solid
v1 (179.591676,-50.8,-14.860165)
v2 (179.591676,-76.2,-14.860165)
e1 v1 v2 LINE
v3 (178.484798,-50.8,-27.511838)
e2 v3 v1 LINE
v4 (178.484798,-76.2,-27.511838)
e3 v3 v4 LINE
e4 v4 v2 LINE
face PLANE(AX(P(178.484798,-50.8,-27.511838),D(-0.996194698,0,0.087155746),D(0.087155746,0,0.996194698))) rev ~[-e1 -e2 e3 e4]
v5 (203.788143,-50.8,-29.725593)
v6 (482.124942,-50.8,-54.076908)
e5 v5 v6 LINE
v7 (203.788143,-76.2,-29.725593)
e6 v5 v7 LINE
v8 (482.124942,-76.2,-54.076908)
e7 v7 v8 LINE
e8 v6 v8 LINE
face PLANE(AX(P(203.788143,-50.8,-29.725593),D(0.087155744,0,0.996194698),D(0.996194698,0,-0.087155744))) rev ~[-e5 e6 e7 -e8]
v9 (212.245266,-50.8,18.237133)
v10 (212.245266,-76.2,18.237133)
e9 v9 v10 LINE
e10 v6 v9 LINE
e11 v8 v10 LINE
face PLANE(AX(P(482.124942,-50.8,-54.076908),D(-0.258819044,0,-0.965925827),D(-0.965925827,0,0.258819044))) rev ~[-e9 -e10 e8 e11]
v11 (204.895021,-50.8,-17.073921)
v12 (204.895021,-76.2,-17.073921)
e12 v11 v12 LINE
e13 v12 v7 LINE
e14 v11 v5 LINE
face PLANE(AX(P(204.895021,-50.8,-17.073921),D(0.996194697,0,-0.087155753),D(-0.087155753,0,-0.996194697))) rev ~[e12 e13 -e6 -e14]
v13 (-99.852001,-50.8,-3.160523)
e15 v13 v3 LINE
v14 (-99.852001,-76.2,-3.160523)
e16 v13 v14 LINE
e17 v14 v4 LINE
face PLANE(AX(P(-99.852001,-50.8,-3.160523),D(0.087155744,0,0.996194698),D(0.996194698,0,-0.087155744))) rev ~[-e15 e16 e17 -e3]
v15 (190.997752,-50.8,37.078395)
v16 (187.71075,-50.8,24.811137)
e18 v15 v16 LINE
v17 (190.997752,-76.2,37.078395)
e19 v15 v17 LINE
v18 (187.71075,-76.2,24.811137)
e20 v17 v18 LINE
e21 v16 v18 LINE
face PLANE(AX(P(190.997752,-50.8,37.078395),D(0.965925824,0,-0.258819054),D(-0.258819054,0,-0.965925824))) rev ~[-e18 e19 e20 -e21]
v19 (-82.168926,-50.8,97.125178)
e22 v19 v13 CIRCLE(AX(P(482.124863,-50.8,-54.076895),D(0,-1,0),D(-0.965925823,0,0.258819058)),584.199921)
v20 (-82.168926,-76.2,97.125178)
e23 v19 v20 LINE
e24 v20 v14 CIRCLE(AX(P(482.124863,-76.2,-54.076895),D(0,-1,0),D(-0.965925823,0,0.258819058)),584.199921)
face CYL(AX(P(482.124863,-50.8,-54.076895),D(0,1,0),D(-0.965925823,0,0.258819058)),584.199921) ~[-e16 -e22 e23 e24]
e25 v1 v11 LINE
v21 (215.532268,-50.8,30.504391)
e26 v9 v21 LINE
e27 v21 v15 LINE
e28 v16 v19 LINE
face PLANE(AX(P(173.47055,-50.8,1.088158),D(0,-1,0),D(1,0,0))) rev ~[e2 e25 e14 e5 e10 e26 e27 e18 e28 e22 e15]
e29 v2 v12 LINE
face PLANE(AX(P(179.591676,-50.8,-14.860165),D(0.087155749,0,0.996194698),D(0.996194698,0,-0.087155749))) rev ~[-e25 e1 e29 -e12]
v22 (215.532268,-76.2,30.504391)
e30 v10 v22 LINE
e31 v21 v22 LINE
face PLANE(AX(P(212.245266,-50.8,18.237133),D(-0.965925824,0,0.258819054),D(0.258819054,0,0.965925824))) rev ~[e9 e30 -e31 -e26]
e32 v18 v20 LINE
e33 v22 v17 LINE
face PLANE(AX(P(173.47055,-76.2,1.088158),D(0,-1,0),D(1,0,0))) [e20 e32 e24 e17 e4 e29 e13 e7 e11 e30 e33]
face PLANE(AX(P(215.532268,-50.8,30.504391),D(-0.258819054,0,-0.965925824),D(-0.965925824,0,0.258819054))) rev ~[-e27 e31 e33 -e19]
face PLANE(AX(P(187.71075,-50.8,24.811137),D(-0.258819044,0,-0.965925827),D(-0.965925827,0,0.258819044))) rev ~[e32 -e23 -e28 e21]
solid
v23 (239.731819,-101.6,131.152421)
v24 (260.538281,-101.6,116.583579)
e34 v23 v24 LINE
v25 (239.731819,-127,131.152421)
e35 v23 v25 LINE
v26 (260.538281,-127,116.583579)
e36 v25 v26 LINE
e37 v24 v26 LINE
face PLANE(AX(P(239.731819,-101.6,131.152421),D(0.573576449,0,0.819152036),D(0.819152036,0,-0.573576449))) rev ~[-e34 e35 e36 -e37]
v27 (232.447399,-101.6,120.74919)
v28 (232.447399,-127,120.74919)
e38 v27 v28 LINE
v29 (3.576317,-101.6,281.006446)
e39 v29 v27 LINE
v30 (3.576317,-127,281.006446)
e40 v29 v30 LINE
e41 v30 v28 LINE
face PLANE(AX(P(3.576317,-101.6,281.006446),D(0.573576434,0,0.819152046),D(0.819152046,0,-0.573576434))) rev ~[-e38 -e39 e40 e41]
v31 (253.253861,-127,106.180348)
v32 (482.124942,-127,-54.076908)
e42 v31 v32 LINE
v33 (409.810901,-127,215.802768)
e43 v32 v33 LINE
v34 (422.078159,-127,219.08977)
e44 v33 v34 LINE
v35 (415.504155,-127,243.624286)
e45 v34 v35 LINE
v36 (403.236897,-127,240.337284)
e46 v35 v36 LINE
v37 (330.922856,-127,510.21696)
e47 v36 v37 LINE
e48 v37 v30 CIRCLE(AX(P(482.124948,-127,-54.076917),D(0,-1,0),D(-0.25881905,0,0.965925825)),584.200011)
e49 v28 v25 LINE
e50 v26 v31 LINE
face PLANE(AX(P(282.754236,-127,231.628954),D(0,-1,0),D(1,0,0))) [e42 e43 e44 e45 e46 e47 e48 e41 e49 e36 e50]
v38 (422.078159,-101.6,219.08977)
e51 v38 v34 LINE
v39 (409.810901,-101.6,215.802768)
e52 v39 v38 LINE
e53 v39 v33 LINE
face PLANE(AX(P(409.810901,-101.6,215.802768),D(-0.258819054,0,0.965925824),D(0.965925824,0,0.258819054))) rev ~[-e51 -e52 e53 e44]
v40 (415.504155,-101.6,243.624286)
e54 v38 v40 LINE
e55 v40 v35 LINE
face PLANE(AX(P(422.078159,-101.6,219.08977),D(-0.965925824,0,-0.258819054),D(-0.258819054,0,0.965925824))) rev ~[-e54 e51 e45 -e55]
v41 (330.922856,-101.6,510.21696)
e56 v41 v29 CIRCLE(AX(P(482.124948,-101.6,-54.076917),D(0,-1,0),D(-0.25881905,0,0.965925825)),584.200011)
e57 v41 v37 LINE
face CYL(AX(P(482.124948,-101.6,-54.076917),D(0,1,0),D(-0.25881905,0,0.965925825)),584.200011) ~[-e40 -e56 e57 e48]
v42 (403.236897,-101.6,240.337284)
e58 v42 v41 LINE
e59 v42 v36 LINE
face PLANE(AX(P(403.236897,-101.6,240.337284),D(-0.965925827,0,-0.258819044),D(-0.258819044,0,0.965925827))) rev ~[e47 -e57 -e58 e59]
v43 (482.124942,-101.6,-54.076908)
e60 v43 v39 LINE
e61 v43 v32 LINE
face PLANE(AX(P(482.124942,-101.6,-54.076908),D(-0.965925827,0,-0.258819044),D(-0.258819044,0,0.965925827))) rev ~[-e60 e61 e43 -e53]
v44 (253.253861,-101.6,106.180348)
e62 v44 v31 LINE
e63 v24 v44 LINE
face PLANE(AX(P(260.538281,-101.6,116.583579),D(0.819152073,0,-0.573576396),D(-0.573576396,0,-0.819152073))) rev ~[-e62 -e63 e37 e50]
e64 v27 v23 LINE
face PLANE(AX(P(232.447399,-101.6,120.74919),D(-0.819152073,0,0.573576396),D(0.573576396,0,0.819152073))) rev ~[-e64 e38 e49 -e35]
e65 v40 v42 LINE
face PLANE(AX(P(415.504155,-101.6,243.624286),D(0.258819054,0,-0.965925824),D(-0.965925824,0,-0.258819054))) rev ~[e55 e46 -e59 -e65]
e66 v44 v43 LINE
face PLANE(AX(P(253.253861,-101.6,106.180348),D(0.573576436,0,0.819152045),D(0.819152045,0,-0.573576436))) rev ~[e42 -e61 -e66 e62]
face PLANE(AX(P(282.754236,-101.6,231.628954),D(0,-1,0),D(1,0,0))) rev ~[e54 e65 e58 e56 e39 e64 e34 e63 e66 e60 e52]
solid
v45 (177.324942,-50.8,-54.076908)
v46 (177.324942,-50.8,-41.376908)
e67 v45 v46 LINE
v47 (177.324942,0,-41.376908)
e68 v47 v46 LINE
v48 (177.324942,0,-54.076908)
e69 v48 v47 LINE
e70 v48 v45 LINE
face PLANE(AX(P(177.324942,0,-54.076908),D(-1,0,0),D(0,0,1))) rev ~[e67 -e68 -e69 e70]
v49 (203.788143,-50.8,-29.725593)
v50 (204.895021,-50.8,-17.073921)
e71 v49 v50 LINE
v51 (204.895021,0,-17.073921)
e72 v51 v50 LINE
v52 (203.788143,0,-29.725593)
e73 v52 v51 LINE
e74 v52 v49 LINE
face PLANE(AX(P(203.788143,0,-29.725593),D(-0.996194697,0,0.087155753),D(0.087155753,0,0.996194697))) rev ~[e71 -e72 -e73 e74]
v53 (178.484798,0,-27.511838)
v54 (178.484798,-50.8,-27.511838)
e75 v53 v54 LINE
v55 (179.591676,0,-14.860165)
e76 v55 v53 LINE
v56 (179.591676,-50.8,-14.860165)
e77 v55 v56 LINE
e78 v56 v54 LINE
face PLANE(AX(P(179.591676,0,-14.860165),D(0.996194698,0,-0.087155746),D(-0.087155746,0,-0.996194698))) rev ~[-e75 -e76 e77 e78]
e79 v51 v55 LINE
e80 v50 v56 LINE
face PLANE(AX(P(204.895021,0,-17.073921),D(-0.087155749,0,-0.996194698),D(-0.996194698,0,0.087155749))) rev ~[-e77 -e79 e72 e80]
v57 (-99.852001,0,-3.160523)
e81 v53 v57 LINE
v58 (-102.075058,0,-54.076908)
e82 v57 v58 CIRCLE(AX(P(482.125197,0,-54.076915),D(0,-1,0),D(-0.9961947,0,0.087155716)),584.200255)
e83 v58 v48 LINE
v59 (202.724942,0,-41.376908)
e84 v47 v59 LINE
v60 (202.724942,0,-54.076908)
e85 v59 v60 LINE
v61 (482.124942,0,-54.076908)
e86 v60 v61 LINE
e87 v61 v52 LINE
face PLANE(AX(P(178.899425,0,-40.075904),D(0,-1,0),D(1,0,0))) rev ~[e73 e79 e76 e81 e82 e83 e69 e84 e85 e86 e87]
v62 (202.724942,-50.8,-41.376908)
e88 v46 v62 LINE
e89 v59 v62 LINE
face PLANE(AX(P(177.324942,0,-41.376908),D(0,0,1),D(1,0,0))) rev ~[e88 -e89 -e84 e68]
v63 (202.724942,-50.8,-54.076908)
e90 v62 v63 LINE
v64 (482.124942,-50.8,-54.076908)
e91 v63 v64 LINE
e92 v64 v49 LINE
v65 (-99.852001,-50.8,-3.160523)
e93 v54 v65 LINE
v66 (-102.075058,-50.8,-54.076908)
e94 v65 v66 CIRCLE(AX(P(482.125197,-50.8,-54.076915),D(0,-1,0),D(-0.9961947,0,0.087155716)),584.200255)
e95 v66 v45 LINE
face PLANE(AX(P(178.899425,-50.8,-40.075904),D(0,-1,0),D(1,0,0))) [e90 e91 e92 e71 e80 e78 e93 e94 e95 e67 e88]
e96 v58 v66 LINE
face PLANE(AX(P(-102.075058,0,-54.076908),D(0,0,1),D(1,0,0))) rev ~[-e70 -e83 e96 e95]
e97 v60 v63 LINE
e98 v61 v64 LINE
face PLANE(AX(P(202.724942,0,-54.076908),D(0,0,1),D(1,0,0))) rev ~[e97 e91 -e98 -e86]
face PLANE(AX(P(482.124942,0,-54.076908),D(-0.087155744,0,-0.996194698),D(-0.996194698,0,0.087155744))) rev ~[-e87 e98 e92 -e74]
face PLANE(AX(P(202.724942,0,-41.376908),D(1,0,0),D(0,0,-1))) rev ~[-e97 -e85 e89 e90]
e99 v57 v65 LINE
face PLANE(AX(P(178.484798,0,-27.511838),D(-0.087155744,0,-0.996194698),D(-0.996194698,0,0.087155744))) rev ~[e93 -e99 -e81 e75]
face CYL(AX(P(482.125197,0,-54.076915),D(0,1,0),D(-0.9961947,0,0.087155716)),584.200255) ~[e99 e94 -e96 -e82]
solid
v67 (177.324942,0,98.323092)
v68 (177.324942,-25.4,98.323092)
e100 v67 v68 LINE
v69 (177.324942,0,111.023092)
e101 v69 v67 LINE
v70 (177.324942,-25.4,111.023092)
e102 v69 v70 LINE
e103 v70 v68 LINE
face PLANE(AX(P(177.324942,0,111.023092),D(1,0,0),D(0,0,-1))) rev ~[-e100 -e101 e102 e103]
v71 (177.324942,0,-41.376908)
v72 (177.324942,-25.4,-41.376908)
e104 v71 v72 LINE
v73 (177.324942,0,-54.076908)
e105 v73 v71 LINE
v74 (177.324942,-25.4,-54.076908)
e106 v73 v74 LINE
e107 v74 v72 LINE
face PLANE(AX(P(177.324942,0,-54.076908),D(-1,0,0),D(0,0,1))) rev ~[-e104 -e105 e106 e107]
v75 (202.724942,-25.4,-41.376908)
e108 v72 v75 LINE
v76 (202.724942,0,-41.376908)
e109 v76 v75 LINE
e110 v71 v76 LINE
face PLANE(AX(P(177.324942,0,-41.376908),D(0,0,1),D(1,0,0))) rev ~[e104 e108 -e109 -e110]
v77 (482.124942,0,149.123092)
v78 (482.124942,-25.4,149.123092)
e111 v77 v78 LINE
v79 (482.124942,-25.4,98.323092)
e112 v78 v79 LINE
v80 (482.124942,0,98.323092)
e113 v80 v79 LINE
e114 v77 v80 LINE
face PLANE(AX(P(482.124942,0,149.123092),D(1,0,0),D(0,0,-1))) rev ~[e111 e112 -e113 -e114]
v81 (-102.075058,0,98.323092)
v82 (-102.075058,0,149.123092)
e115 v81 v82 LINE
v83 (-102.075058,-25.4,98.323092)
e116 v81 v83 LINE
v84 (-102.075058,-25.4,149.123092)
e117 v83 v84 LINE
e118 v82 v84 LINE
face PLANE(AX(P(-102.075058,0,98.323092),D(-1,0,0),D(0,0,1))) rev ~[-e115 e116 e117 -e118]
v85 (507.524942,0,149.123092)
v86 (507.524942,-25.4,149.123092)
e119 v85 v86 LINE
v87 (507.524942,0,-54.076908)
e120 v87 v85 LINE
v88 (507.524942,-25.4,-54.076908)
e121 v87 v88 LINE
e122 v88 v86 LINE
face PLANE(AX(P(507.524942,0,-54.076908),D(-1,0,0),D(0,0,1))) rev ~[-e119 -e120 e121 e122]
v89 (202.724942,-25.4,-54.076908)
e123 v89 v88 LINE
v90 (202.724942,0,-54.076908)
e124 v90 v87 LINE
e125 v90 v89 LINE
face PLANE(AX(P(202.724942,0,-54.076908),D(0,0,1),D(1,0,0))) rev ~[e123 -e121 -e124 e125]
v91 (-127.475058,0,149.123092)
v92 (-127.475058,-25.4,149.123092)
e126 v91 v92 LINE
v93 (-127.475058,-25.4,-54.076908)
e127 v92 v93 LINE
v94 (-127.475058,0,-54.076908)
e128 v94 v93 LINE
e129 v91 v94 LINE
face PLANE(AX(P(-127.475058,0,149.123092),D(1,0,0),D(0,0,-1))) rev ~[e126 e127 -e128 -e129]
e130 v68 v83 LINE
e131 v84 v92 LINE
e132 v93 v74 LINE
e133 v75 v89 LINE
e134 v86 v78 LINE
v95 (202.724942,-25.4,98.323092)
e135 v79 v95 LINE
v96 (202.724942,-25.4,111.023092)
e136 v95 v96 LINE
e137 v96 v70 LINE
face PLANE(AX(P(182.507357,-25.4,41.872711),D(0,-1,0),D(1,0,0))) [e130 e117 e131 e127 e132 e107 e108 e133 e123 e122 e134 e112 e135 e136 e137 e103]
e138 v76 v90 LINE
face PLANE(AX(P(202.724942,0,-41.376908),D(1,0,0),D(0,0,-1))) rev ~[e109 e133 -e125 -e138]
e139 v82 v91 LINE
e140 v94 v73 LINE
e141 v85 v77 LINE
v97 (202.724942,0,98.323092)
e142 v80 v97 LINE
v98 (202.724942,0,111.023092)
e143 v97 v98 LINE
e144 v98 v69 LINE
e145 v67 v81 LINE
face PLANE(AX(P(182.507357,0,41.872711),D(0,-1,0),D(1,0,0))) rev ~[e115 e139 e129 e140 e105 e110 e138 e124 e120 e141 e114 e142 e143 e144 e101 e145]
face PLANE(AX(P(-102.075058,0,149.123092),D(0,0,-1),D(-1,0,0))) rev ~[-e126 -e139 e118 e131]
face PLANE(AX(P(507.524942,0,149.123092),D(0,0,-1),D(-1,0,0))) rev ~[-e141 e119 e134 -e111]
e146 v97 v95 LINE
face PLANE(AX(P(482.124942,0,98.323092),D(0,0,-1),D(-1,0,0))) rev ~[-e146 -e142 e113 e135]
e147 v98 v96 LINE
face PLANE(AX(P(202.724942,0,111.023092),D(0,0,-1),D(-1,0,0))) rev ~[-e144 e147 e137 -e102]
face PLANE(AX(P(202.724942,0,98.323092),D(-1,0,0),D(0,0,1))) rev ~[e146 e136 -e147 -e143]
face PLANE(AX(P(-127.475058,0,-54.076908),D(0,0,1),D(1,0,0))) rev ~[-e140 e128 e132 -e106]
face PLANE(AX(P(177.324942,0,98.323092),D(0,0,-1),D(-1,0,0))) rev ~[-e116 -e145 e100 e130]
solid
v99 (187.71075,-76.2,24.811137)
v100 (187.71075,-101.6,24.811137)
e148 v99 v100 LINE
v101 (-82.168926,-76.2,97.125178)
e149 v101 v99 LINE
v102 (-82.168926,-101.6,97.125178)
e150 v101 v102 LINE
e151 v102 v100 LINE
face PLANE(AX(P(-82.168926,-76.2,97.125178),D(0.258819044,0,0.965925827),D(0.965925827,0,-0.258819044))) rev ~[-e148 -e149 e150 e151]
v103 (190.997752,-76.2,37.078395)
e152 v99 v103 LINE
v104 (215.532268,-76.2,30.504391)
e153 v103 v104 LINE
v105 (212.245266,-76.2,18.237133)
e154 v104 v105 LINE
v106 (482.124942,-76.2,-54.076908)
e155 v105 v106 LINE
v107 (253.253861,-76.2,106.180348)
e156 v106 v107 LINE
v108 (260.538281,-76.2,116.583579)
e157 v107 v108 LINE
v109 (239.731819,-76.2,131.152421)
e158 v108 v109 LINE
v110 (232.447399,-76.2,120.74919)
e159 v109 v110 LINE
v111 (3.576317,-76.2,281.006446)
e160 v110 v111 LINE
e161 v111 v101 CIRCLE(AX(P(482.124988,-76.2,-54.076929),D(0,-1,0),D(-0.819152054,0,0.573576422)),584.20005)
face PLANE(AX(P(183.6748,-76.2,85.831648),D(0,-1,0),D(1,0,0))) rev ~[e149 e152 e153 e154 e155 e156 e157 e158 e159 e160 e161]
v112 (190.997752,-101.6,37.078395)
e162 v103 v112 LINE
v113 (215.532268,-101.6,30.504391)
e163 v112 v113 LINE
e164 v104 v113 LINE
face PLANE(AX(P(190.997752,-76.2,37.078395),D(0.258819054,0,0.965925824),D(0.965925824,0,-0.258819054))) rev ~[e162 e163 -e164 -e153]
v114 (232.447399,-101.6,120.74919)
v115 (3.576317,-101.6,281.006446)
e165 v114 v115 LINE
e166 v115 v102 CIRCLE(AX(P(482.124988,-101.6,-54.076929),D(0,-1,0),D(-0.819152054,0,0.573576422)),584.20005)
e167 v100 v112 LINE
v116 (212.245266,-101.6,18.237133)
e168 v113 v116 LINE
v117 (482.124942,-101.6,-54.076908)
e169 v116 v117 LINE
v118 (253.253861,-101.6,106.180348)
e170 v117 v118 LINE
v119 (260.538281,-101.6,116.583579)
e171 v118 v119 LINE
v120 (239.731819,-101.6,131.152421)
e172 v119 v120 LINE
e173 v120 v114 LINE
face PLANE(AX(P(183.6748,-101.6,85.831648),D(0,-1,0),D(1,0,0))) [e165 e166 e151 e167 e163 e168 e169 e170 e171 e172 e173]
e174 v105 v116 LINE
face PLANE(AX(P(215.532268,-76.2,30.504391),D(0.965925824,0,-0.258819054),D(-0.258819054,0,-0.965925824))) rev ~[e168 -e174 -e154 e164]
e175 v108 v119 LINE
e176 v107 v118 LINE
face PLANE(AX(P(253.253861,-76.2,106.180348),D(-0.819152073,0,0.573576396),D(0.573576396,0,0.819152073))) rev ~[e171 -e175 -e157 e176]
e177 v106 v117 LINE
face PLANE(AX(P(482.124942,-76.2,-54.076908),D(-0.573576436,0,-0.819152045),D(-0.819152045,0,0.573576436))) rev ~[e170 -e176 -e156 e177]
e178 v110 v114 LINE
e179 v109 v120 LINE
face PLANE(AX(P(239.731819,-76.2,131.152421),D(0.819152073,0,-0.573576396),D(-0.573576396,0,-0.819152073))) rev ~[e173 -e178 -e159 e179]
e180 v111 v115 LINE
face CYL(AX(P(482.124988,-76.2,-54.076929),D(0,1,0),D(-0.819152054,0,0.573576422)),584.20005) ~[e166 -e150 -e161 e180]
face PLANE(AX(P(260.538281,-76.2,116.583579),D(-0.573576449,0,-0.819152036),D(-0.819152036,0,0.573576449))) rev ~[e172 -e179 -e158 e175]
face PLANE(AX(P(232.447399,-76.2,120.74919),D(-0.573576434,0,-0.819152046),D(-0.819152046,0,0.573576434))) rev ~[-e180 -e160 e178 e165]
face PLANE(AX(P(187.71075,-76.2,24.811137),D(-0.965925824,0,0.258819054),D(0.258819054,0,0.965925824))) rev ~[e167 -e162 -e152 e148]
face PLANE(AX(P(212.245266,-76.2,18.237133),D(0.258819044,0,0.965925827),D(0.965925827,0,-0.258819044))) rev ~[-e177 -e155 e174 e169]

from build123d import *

# Parameters (mm, degrees)
F1_DEPTH = 25.4
F2_DEPTH = 50.8
F4_DEPTH = 25.4
F6_DEPTH = 25.4
F8_DEPTH = 25.4


with BuildPart() as f1:
    # F0 (on Front) → F1 (new body)
    with BuildSketch(Plane.XZ):
        with BuildLine():
            Line((-127.475058, 149.123092), (-127.475058, -54.076908))
            Line((-127.475058, -54.076908), (-102.075058, -54.076908))
            ThreePointArc((-102.075058, -54.076908), (-101.519029, -28.594462), (-99.852001, -3.160523))
            Line((-99.852001, -3.160523), (178.484798, -27.511838))
            Line((178.484798, -27.511838), (179.591676, -14.860165))
            Line((179.591676, -14.860165), (204.895021, -17.073921))
            Line((204.895021, -17.073921), (203.788143, -29.725593))
            Line((203.788143, -29.725593), (482.124942, -54.076908))
            Line((482.124942, -54.076908), (507.524942, -54.076908))
            Line((507.524942, -54.076908), (507.524942, 149.123092))
            Line((507.524942, 149.123092), (482.124942, 149.123092))
            Line((482.124942, 149.123092), (482.124942, 98.323092))
            Line((482.124942, 98.323092), (202.724942, 98.323092))
            Line((202.724942, 98.323092), (202.724942, 111.023092))
            Line((202.724942, 111.023092), (177.324942, 111.023092))
            Line((177.324942, 111.023092), (177.324942, 98.323092))
            Line((177.324942, 98.323092), (-102.075058, 98.323092))
            Line((-102.075058, 98.323092), (-102.075058, 149.123092))
            Line((-102.075058, 149.123092), (-127.475058, 149.123092))
        make_face()
        with BuildLine():
            ThreePointArc((-99.852001, -3.160523), (-101.519029, -28.594462), (-102.075058, -54.076908))
            Line((-102.075058, -54.076908), (177.324942, -54.076908))
            Line((177.324942, -54.076908), (177.324942, -41.376908))
            Line((177.324942, -41.376908), (202.724942, -41.376908))
            Line((202.724942, -41.376908), (202.724942, -54.076908))
            Line((202.724942, -54.076908), (482.124942, -54.076908))
            Line((482.124942, -54.076908), (203.788143, -29.725593))
            Line((203.788143, -29.725593), (204.895021, -17.073921))
            Line((204.895021, -17.073921), (179.591676, -14.860165))
            Line((179.591676, -14.860165), (178.484798, -27.511838))
            Line((178.484798, -27.511838), (-99.852001, -3.160523))
        make_face()
    extrude(amount=F1_DEPTH)


with BuildPart() as f2:
    # F0 (on Front) → F2 (new body)
    with BuildSketch(Plane.XZ):
        with BuildLine():
            ThreePointArc((-99.852001, -3.160523), (-101.519029, -28.594462), (-102.075058, -54.076908))
            Line((-102.075058, -54.076908), (177.324942, -54.076908))
            Line((177.324942, -54.076908), (177.324942, -41.376908))
            Line((177.324942, -41.376908), (202.724942, -41.376908))
            Line((202.724942, -41.376908), (202.724942, -54.076908))
            Line((202.724942, -54.076908), (482.124942, -54.076908))
            Line((482.124942, -54.076908), (203.788143, -29.725593))
            Line((203.788143, -29.725593), (204.895021, -17.073921))
            Line((204.895021, -17.073921), (179.591676, -14.860165))
            Line((179.591676, -14.860165), (178.484798, -27.511838))
            Line((178.484798, -27.511838), (-99.852001, -3.160523))
        make_face()
    extrude(amount=F2_DEPTH)


with BuildPart() as f4:
    # F3 (on face) → F4 (new body)
    with BuildSketch(Plane.XZ.offset(50.8)):
        with BuildLine():
            ThreePointArc((-82.168926, 97.125178), (-93.199748, 47.368357), (-99.852001, -3.160523))
            Line((-99.852001, -3.160523), (178.484798, -27.511838))
            Line((178.484798, -27.511838), (179.591676, -14.860165))
            Line((179.591676, -14.860165), (204.895021, -17.073921))
            Line((204.895021, -17.073921), (203.788143, -29.725593))
            Line((203.788143, -29.725593), (482.124942, -54.076908))
            Line((482.124942, -54.076908), (212.245266, 18.237133))
            Line((212.245266, 18.237133), (215.532268, 30.504391))
            Line((215.532268, 30.504391), (190.997752, 37.078395))
            Line((190.997752, 37.078395), (187.71075, 24.811137))
            Line((187.71075, 24.811137), (-82.168926, 97.125178))
        make_face()
    extrude(amount=F4_DEPTH)


with BuildPart() as f6:
    # F5 (on face) → F6 (new body)
    with BuildSketch(Plane.XZ.offset(76.2)):
        with BuildLine():
            Line((215.532268, 30.504391), (212.245266, 18.237133))
            Line((212.245266, 18.237133), (482.124942, -54.076908))
            Line((482.124942, -54.076908), (253.253861, 106.180348))
            Line((253.253861, 106.180348), (260.538281, 116.583579))
            Line((260.538281, 116.583579), (239.731819, 131.152421))
            Line((239.731819, 131.152421), (232.447399, 120.74919))
            Line((232.447399, 120.74919), (3.576317, 281.006446))
            ThreePointArc((3.576317, 281.006446), (-47.340067, 192.81668), (-82.168926, 97.125178))
            Line((-82.168926, 97.125178), (187.71075, 24.811137))
            Line((187.71075, 24.811137), (190.997752, 37.078395))
            Line((190.997752, 37.078395), (215.532268, 30.504391))
        make_face()
    extrude(amount=F6_DEPTH)


with BuildPart() as f8:
    # F7 (on face) → F8 (new body)
    with BuildSketch(Plane.XZ.offset(101.6)):
        with BuildLine():
            Line((232.447399, 120.74919), (239.731819, 131.152421))
            Line((239.731819, 131.152421), (260.538281, 116.583579))
            Line((260.538281, 116.583579), (253.253861, 106.180348))
            Line((253.253861, 106.180348), (482.124942, -54.076908))
            Line((482.124942, -54.076908), (409.810901, 215.802768))
            Line((409.810901, 215.802768), (422.078159, 219.08977))
            Line((422.078159, 219.08977), (415.504155, 243.624286))
            Line((415.504155, 243.624286), (403.236897, 240.337284))
            Line((403.236897, 240.337284), (330.922856, 510.21696))
            ThreePointArc((330.922856, 510.21696), (147.041588, 424.471716), (3.576317, 281.006446))
            Line((3.576317, 281.006446), (232.447399, 120.74919))
        make_face()
    extrude(amount=F8_DEPTH)


solid = Compound([f1.part, f2.part, f4.part, f6.part, f8.part])
